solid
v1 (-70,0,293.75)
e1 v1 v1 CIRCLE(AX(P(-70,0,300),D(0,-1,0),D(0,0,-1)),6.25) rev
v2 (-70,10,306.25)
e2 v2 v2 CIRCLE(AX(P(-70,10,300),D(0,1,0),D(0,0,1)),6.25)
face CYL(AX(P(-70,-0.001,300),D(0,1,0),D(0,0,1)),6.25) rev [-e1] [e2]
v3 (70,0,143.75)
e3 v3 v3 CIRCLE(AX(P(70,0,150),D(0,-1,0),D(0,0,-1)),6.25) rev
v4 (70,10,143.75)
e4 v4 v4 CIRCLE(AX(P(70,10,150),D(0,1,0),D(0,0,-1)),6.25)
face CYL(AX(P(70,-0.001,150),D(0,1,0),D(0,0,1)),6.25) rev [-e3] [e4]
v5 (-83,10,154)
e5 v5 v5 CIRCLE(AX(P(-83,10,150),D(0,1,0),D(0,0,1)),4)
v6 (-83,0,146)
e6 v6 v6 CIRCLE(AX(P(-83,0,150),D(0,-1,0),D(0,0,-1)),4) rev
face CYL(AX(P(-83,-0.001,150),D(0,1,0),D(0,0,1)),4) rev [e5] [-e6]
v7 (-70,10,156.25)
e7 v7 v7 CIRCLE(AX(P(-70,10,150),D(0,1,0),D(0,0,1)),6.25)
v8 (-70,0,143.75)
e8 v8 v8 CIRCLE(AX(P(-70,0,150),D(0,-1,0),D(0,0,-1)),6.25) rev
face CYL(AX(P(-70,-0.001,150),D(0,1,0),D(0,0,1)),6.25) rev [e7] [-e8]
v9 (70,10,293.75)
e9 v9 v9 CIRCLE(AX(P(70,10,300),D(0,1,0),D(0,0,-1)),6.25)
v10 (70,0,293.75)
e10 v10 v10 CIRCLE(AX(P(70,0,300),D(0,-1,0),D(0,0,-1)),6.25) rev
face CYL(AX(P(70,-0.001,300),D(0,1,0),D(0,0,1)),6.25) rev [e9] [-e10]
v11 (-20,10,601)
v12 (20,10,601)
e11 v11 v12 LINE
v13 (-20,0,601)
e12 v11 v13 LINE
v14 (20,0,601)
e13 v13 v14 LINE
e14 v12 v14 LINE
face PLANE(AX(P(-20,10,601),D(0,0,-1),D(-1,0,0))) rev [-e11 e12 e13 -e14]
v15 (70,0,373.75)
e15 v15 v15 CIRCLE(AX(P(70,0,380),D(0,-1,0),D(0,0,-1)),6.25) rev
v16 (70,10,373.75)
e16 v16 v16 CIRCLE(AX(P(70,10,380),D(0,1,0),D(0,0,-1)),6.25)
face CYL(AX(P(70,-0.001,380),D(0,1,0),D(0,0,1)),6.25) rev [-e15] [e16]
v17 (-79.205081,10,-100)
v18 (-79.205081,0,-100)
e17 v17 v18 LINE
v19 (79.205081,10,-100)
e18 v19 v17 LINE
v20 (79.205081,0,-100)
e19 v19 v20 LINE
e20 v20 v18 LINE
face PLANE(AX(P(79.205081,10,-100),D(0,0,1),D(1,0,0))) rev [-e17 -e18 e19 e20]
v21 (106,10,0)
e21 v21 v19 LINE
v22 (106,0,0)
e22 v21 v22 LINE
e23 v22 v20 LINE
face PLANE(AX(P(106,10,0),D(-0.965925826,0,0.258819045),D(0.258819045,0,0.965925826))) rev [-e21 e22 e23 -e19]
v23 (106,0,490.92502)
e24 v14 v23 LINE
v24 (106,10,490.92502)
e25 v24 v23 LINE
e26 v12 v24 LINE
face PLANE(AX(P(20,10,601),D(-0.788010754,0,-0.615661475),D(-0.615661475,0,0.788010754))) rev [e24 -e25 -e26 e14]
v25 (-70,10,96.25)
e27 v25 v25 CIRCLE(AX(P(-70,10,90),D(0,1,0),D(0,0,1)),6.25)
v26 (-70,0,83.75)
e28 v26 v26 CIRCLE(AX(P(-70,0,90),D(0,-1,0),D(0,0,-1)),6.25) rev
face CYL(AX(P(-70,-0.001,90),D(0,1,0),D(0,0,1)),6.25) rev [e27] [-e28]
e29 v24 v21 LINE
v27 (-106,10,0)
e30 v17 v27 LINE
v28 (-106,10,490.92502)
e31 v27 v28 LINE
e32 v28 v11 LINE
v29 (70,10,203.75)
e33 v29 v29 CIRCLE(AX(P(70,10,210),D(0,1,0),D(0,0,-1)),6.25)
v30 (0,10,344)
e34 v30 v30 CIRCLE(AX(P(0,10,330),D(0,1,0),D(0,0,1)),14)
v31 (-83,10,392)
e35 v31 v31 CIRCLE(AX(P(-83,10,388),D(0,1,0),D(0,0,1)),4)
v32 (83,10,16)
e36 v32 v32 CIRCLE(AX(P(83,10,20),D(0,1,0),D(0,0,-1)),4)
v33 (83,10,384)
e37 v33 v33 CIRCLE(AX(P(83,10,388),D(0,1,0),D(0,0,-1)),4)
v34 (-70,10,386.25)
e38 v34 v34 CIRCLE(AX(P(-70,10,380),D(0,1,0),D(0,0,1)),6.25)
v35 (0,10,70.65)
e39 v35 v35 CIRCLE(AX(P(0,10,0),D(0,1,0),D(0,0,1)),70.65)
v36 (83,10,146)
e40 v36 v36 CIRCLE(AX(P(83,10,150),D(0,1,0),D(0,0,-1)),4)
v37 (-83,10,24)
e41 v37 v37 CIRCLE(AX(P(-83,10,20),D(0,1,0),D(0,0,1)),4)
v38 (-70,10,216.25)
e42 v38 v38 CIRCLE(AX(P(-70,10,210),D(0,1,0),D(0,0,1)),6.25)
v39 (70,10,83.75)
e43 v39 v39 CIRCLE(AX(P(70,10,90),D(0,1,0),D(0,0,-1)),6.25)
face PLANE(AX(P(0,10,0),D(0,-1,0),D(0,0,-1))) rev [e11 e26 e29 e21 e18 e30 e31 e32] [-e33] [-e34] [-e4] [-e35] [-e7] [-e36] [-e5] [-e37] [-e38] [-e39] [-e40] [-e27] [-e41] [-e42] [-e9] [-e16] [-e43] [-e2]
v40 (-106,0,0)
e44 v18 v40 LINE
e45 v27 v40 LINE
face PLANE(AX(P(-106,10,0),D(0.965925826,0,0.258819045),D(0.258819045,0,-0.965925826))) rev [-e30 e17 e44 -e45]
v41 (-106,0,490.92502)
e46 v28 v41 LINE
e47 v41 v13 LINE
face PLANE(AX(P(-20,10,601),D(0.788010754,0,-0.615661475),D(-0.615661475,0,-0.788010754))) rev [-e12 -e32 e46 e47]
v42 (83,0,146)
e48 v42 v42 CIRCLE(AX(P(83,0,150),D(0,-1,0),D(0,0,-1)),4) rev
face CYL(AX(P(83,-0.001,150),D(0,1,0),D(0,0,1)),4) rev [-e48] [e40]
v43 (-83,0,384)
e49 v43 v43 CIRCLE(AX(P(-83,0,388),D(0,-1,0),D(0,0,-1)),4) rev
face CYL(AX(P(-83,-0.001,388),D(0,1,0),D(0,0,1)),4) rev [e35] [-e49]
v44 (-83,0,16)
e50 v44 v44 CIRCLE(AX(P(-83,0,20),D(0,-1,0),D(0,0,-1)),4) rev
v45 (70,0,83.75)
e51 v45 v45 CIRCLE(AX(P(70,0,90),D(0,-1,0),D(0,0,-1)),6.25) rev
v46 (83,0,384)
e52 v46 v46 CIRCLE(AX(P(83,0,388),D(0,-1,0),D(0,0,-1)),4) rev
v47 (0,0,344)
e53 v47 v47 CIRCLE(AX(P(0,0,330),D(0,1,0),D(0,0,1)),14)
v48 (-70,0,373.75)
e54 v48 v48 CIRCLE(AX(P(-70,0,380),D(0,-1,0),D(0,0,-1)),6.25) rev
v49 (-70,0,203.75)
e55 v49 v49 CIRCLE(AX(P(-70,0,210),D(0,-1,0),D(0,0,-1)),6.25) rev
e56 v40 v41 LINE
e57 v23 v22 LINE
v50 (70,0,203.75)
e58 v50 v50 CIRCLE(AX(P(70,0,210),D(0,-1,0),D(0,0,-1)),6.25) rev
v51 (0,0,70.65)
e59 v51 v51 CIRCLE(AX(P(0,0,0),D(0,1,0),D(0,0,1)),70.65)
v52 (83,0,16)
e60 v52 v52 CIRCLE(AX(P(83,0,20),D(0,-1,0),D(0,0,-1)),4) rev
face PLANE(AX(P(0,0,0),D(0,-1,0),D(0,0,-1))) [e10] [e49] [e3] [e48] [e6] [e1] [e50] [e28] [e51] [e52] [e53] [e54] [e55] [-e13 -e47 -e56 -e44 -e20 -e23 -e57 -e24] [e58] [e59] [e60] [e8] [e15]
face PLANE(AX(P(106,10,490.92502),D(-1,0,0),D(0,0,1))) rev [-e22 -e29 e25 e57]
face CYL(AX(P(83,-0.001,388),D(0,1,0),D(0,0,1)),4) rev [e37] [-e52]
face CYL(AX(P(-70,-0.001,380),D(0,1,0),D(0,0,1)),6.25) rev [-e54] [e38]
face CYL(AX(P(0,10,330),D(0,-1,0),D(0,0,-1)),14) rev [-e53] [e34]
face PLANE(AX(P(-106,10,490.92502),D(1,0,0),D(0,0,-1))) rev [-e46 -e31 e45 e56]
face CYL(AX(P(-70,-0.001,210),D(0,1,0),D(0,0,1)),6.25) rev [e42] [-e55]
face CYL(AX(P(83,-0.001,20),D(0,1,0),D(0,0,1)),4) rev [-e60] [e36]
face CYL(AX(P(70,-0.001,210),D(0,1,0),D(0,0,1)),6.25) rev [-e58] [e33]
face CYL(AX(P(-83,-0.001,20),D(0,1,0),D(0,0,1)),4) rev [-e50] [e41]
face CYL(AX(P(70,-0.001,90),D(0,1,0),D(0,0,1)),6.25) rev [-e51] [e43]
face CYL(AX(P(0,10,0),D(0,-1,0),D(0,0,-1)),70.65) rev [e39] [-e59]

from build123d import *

# Parameters (mm, degrees)
SKETCH23_R          = 70.65
SKETCH23_R_2        = 14
BOSS_EXTRUDE3_DEPTH = 10
LO_BAT_HOP_SO_REACH = 12
SKETCH24_R          = 4
SKETCH24_R_2        = 6.25


with BuildPart() as part:
    # Sketch23 → Boss-Extrude3 (new body)
    with BuildSketch(Plane(origin=(0, 0, 0), x_dir=(1, 0, 0), z_dir=(0, 1, 0))):
        Polygon((106, -490.925019631), (106, 0), (79.205080757, 100), (-79.205080757, 100), (-106, 0), (-106, -490.925019631), (-20, -601), (20, -601), align=None)
        Circle(SKETCH23_R, mode=Mode.SUBTRACT)
        with Locations((0, -330)):
            Circle(SKETCH23_R_2, mode=Mode.SUBTRACT)
    extrude(amount=BOSS_EXTRUDE3_DEPTH)

    # Sketch24 → lo bat hop so (cut, up to next)
    with BuildSketch(Plane(origin=(0, 10, 0), x_dir=(1, 0, 0), z_dir=(0, 1, 0)), mode=Mode.PRIVATE) as lo_bat_hop_so_sk1:
        with Locations((-83, -150)):
            Circle(SKETCH24_R)
    lo_bat_hop_so_tool1 = extrude(lo_bat_hop_so_sk1.sketch, amount=-LO_BAT_HOP_SO_REACH, mode=Mode.PRIVATE) & part.part
    add(lo_bat_hop_so_tool1.solids().sort_by_distance((-83, 10, 150))[0], mode=Mode.SUBTRACT)
    # Sketch24 → lo bat hop so (cut, up to next)
    with BuildSketch(Plane(origin=(0, 10, 0), x_dir=(1, 0, 0), z_dir=(0, 1, 0)), mode=Mode.PRIVATE) as lo_bat_hop_so_sk2:
        with Locations((-83, -388)):
            Circle(SKETCH24_R)
    lo_bat_hop_so_tool2 = extrude(lo_bat_hop_so_sk2.sketch, amount=-LO_BAT_HOP_SO_REACH, mode=Mode.PRIVATE) & part.part
    add(lo_bat_hop_so_tool2.solids().sort_by_distance((-83, 10, 388))[0], mode=Mode.SUBTRACT)
    # Sketch24 → lo bat hop so (cut, up to next)
    with BuildSketch(Plane(origin=(0, 10, 0), x_dir=(1, 0, 0), z_dir=(0, 1, 0)), mode=Mode.PRIVATE) as lo_bat_hop_so_sk3:
        with Locations((83, -388)):
            Circle(SKETCH24_R)
    lo_bat_hop_so_tool3 = extrude(lo_bat_hop_so_sk3.sketch, amount=-LO_BAT_HOP_SO_REACH, mode=Mode.PRIVATE) & part.part
    add(lo_bat_hop_so_tool3.solids().sort_by_distance((83, 10, 388))[0], mode=Mode.SUBTRACT)
    # Sketch24 → lo bat hop so (cut, up to next)
    with BuildSketch(Plane(origin=(0, 10, 0), x_dir=(1, 0, 0), z_dir=(0, 1, 0)), mode=Mode.PRIVATE) as lo_bat_hop_so_sk4:
        with Locations((83, -150)):
            Circle(SKETCH24_R)
    lo_bat_hop_so_tool4 = extrude(lo_bat_hop_so_sk4.sketch, amount=-LO_BAT_HOP_SO_REACH, mode=Mode.PRIVATE) & part.part
    add(lo_bat_hop_so_tool4.solids().sort_by_distance((83, 10, 150))[0], mode=Mode.SUBTRACT)
    # Sketch24 → lo bat hop so (cut, up to next)
    with BuildSketch(Plane(origin=(0, 10, 0), x_dir=(1, 0, 0), z_dir=(0, 1, 0)), mode=Mode.PRIVATE) as lo_bat_hop_so_sk5:
        with Locations((-83, -20)):
            Circle(SKETCH24_R)
    lo_bat_hop_so_tool5 = extrude(lo_bat_hop_so_sk5.sketch, amount=-LO_BAT_HOP_SO_REACH, mode=Mode.PRIVATE) & part.part
    add(lo_bat_hop_so_tool5.solids().sort_by_distance((-83, 10, 20))[0], mode=Mode.SUBTRACT)
    # Sketch24 → lo bat hop so (cut, up to next)
    with BuildSketch(Plane(origin=(0, 10, 0), x_dir=(1, 0, 0), z_dir=(0, 1, 0)), mode=Mode.PRIVATE) as lo_bat_hop_so_sk6:
        with Locations((83, -20)):
            Circle(SKETCH24_R)
    lo_bat_hop_so_tool6 = extrude(lo_bat_hop_so_sk6.sketch, amount=-LO_BAT_HOP_SO_REACH, mode=Mode.PRIVATE) & part.part
    add(lo_bat_hop_so_tool6.solids().sort_by_distance((83, 10, 20))[0], mode=Mode.SUBTRACT)
    # Sketch24 → lo bat hop so (cut, up to next)
    with BuildSketch(Plane(origin=(0, 10, 0), x_dir=(1, 0, 0), z_dir=(0, 1, 0)), mode=Mode.PRIVATE) as lo_bat_hop_so_sk7:
        with Locations((-70, -380)):
            Circle(SKETCH24_R_2)
    lo_bat_hop_so_tool7 = extrude(lo_bat_hop_so_sk7.sketch, amount=-LO_BAT_HOP_SO_REACH, mode=Mode.PRIVATE) & part.part
    add(lo_bat_hop_so_tool7.solids().sort_by_distance((-70, 10, 380))[0], mode=Mode.SUBTRACT)
    # Sketch24 → lo bat hop so (cut, up to next)
    with BuildSketch(Plane(origin=(0, 10, 0), x_dir=(1, 0, 0), z_dir=(0, 1, 0)), mode=Mode.PRIVATE) as lo_bat_hop_so_sk8:
        with Locations((-70, -300)):
            Circle(SKETCH24_R_2)
    lo_bat_hop_so_tool8 = extrude(lo_bat_hop_so_sk8.sketch, amount=-LO_BAT_HOP_SO_REACH, mode=Mode.PRIVATE) & part.part
    add(lo_bat_hop_so_tool8.solids().sort_by_distance((-70, 10, 300))[0], mode=Mode.SUBTRACT)
    # Sketch24 → lo bat hop so (cut, up to next)
    with BuildSketch(Plane(origin=(0, 10, 0), x_dir=(1, 0, 0), z_dir=(0, 1, 0)), mode=Mode.PRIVATE) as lo_bat_hop_so_sk9:
        with Locations((-70, -210)):
            Circle(SKETCH24_R_2)
    lo_bat_hop_so_tool9 = extrude(lo_bat_hop_so_sk9.sketch, amount=-LO_BAT_HOP_SO_REACH, mode=Mode.PRIVATE) & part.part
    add(lo_bat_hop_so_tool9.solids().sort_by_distance((-70, 10, 210))[0], mode=Mode.SUBTRACT)
    # Sketch24 → lo bat hop so (cut, up to next)
    with BuildSketch(Plane(origin=(0, 10, 0), x_dir=(1, 0, 0), z_dir=(0, 1, 0)), mode=Mode.PRIVATE) as lo_bat_hop_so_sk10:
        with Locations((-70, -150)):
            Circle(SKETCH24_R_2)
    lo_bat_hop_so_tool10 = extrude(lo_bat_hop_so_sk10.sketch, amount=-LO_BAT_HOP_SO_REACH, mode=Mode.PRIVATE) & part.part
    add(lo_bat_hop_so_tool10.solids().sort_by_distance((-70, 10, 150))[0], mode=Mode.SUBTRACT)
    # Sketch24 → lo bat hop so (cut, up to next)
    with BuildSketch(Plane(origin=(0, 10, 0), x_dir=(1, 0, 0), z_dir=(0, 1, 0)), mode=Mode.PRIVATE) as lo_bat_hop_so_sk11:
        with Locations((-70, -90)):
            Circle(SKETCH24_R_2)
    lo_bat_hop_so_tool11 = extrude(lo_bat_hop_so_sk11.sketch, amount=-LO_BAT_HOP_SO_REACH, mode=Mode.PRIVATE) & part.part
    add(lo_bat_hop_so_tool11.solids().sort_by_distance((-70, 10, 90))[0], mode=Mode.SUBTRACT)
    # Sketch24 → lo bat hop so (cut, up to next)
    with BuildSketch(Plane(origin=(0, 10, 0), x_dir=(1, 0, 0), z_dir=(0, 1, 0)), mode=Mode.PRIVATE) as lo_bat_hop_so_sk12:
        with Locations((70, -90)):
            Circle(SKETCH24_R_2)
    lo_bat_hop_so_tool12 = extrude(lo_bat_hop_so_sk12.sketch, amount=-LO_BAT_HOP_SO_REACH, mode=Mode.PRIVATE) & part.part
    add(lo_bat_hop_so_tool12.solids().sort_by_distance((70, 10, 90))[0], mode=Mode.SUBTRACT)
    # Sketch24 → lo bat hop so (cut, up to next)
    with BuildSketch(Plane(origin=(0, 10, 0), x_dir=(1, 0, 0), z_dir=(0, 1, 0)), mode=Mode.PRIVATE) as lo_bat_hop_so_sk13:
        with Locations((70, -150)):
            Circle(SKETCH24_R_2)
    lo_bat_hop_so_tool13 = extrude(lo_bat_hop_so_sk13.sketch, amount=-LO_BAT_HOP_SO_REACH, mode=Mode.PRIVATE) & part.part
    add(lo_bat_hop_so_tool13.solids().sort_by_distance((70, 10, 150))[0], mode=Mode.SUBTRACT)
    # Sketch24 → lo bat hop so (cut, up to next)
    with BuildSketch(Plane(origin=(0, 10, 0), x_dir=(1, 0, 0), z_dir=(0, 1, 0)), mode=Mode.PRIVATE) as lo_bat_hop_so_sk14:
        with Locations((70, -210)):
            Circle(SKETCH24_R_2)
    lo_bat_hop_so_tool14 = extrude(lo_bat_hop_so_sk14.sketch, amount=-LO_BAT_HOP_SO_REACH, mode=Mode.PRIVATE) & part.part
    add(lo_bat_hop_so_tool14.solids().sort_by_distance((70, 10, 210))[0], mode=Mode.SUBTRACT)
    # Sketch24 → lo bat hop so (cut, up to next)
    with BuildSketch(Plane(origin=(0, 10, 0), x_dir=(1, 0, 0), z_dir=(0, 1, 0)), mode=Mode.PRIVATE) as lo_bat_hop_so_sk15:
        with Locations((70, -300)):
            Circle(SKETCH24_R_2)
    lo_bat_hop_so_tool15 = extrude(lo_bat_hop_so_sk15.sketch, amount=-LO_BAT_HOP_SO_REACH, mode=Mode.PRIVATE) & part.part
    add(lo_bat_hop_so_tool15.solids().sort_by_distance((70, 10, 300))[0], mode=Mode.SUBTRACT)
    # Sketch24 → lo bat hop so (cut, up to next)
    with BuildSketch(Plane(origin=(0, 10, 0), x_dir=(1, 0, 0), z_dir=(0, 1, 0)), mode=Mode.PRIVATE) as lo_bat_hop_so_sk16:
        with Locations((70, -380)):
            Circle(SKETCH24_R_2)
    lo_bat_hop_so_tool16 = extrude(lo_bat_hop_so_sk16.sketch, amount=-LO_BAT_HOP_SO_REACH, mode=Mode.PRIVATE) & part.part
    add(lo_bat_hop_so_tool16.solids().sort_by_distance((70, 10, 380))[0], mode=Mode.SUBTRACT)


solid = part.part
